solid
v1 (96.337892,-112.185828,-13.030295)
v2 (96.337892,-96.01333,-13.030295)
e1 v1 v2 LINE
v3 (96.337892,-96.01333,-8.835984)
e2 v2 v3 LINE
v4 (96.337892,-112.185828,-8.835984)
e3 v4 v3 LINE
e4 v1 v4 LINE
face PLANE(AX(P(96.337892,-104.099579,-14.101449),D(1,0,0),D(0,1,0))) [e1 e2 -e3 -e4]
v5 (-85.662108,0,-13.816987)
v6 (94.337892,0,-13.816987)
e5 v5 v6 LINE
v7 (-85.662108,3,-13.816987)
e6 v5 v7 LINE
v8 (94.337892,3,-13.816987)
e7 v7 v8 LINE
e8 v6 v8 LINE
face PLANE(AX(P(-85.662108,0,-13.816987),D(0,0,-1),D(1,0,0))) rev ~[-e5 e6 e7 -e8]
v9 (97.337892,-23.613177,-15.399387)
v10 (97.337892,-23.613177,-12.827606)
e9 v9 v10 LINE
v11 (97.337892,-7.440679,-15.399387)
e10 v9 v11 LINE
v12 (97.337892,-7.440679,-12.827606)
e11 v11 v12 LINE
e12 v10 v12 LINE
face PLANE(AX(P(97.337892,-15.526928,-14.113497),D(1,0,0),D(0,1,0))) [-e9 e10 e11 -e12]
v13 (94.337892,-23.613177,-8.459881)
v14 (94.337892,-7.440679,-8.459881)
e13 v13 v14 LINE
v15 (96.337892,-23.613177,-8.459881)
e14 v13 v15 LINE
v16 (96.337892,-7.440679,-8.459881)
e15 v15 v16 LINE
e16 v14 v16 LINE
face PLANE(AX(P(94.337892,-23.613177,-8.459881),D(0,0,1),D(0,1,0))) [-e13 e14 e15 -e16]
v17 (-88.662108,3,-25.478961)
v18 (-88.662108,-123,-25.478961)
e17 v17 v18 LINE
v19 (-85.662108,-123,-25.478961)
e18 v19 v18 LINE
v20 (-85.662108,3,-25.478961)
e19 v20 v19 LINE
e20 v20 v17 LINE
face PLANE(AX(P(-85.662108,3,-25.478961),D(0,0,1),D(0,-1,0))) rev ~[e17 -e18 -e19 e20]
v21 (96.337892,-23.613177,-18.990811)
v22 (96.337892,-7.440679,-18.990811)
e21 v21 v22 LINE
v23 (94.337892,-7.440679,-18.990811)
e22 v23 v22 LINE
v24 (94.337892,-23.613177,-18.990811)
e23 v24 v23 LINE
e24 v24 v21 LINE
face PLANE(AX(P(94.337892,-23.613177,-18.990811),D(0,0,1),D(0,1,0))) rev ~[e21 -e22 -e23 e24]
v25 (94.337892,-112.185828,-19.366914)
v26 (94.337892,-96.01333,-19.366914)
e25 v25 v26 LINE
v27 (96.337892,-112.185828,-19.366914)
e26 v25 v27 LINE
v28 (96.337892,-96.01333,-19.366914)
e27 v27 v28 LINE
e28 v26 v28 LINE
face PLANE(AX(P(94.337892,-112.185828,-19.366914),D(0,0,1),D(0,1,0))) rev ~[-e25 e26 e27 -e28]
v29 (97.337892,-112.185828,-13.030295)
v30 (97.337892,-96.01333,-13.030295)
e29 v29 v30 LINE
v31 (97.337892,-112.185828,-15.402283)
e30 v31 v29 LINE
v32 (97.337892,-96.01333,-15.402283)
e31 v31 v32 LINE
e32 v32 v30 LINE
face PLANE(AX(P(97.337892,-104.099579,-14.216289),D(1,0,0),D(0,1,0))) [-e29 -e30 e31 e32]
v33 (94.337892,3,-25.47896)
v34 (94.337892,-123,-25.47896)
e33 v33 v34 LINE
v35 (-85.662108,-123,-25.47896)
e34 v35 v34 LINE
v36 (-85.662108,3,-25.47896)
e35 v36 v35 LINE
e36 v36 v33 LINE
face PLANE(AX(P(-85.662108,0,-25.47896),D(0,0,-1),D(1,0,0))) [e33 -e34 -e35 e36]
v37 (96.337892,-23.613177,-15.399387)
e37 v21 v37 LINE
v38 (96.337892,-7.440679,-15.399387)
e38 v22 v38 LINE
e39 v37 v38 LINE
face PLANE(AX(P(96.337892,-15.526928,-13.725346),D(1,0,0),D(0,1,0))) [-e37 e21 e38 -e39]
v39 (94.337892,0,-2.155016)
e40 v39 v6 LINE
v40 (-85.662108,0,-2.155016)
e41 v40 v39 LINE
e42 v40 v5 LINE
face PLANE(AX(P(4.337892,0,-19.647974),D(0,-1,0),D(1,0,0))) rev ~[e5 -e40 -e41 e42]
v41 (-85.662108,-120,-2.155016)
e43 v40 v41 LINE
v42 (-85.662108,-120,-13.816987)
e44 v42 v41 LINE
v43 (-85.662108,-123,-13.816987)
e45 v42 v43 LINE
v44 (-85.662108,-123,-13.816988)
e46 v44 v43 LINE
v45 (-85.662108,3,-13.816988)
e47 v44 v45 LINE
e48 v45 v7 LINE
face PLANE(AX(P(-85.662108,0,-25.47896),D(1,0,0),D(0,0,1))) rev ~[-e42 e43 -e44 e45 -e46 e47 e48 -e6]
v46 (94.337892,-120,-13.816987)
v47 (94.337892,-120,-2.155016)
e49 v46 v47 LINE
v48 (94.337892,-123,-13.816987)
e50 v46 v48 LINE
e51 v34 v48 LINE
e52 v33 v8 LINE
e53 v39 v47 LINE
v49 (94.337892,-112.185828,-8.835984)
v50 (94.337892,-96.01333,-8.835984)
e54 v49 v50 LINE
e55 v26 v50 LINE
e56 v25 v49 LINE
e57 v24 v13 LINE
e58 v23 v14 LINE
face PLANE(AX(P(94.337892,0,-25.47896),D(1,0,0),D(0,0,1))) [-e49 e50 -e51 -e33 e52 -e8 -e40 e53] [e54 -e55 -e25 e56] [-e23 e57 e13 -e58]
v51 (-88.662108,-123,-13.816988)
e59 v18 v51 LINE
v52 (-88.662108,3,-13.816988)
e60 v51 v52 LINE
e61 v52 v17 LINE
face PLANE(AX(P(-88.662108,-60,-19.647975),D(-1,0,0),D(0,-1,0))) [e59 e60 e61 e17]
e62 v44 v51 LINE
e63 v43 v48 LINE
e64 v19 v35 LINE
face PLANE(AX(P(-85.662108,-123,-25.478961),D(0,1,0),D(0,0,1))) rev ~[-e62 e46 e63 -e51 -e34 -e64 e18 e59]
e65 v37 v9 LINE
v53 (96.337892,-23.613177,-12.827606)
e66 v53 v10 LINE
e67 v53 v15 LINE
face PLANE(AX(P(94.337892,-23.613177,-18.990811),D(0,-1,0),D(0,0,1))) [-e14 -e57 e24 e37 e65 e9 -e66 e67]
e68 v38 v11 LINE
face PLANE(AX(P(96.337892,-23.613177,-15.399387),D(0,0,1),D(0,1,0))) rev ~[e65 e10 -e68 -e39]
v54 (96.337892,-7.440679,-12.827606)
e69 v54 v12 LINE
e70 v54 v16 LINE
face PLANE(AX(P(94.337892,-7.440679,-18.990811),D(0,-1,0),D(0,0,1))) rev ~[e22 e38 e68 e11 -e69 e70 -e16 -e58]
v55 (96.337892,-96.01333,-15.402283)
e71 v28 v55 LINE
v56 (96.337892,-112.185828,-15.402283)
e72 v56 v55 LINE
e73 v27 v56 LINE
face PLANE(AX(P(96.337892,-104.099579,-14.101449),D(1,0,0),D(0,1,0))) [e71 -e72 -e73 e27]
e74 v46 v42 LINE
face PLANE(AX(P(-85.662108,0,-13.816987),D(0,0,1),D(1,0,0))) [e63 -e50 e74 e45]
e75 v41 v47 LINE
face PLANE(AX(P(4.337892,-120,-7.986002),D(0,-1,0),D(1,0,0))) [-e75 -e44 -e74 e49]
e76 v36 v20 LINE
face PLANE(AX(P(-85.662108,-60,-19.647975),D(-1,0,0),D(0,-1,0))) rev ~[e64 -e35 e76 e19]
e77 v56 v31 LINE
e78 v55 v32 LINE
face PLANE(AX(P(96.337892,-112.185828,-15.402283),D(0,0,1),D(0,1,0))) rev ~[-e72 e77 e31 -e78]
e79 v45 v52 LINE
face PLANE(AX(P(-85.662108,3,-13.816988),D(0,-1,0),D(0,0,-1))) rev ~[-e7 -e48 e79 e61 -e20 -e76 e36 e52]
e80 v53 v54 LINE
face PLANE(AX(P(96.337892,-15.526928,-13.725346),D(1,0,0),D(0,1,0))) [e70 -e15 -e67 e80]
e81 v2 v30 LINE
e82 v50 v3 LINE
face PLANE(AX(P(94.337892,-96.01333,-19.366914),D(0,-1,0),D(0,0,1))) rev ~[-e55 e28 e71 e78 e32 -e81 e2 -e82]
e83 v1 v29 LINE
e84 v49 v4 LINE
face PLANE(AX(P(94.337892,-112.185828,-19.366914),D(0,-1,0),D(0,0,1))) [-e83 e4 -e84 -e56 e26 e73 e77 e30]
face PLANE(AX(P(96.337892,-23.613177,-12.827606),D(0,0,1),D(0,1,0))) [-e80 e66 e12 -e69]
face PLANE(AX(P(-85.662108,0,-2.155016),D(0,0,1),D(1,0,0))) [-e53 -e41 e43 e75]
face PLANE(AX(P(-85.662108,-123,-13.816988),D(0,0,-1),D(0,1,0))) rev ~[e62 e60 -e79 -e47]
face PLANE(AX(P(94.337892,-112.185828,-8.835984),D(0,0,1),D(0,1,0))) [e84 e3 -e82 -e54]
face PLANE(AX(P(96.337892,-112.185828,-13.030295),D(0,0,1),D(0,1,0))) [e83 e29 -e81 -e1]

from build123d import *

# Parameters (mm, degrees)
F0_W      = 180
F0_H      = 11.661972
F1_DEPTH  = 120
F0_H_2    = 11.661973
F2_DEPTH  = 123
F3_DEPTH  = 3
F5_DEPTH  = 3
F6_W      = 16.172498
F6_H      = 10.53093
F7_DEPTH  = 2
F8_W      = 16.172498
F8_H      = 2.371989
F9_DEPTH  = 1
F10_W     = 16.172498
F10_H     = 2.571781
F11_DEPTH = 1


with BuildPart() as f1:
    # F0 (on Front) → F1 (new body)
    with BuildSketch(Plane.XZ):
        with Locations((4.337892, -7.986002)):
            Rectangle(F0_W, F0_H)
    extrude(amount=F1_DEPTH)

    # F0 (on Front) → F2 (join)
    with BuildSketch(Plane.XZ):
        with Locations((4.337892, -19.647974)):
            Rectangle(F0_W, F0_H_2)
    extrude(amount=F2_DEPTH)

    # F0 (on Front) → F3 (join)
    with BuildSketch(Plane.XZ):
        with Locations((4.337892, -19.647974)):
            Rectangle(F0_W, F0_H_2)
    extrude(amount=-F3_DEPTH)

    # F4 (on face) → F5 (join)
    with BuildSketch(Plane(origin=(-85.662108, 0, 0), x_dir=(0, -1, 0), z_dir=(-1, 0, 0))):
        Polygon((120, -13.816988), (0, -13.816988), (-3, -13.816988), (-3, -25.478961), (123, -25.478961), (123, -13.816988), align=None)
    extrude(amount=F5_DEPTH)

    # F6 (on face) → F7 (join)
    with BuildSketch(Plane.YZ.offset(94.337892)):
        with Locations((-104.099579, -14.101449)):
            Rectangle(F6_W, F6_H)
        with Locations((-15.526928, -13.725346)):
            Rectangle(F6_W, F6_H)
    extrude(amount=F7_DEPTH)

    # F8 (on face) → F9 (join)
    with BuildSketch(Plane.YZ.offset(96.337892)):
        with Locations((-104.099579, -14.216289)):
            Rectangle(F8_W, F8_H)
    extrude(amount=F9_DEPTH)

    # F10 (on face) → F11 (join)
    with BuildSketch(Plane.YZ.offset(96.337892)):
        with Locations((-15.526928, -14.113497)):
            Rectangle(F10_W, F10_H)
    extrude(amount=F11_DEPTH)


solid = f1.part
